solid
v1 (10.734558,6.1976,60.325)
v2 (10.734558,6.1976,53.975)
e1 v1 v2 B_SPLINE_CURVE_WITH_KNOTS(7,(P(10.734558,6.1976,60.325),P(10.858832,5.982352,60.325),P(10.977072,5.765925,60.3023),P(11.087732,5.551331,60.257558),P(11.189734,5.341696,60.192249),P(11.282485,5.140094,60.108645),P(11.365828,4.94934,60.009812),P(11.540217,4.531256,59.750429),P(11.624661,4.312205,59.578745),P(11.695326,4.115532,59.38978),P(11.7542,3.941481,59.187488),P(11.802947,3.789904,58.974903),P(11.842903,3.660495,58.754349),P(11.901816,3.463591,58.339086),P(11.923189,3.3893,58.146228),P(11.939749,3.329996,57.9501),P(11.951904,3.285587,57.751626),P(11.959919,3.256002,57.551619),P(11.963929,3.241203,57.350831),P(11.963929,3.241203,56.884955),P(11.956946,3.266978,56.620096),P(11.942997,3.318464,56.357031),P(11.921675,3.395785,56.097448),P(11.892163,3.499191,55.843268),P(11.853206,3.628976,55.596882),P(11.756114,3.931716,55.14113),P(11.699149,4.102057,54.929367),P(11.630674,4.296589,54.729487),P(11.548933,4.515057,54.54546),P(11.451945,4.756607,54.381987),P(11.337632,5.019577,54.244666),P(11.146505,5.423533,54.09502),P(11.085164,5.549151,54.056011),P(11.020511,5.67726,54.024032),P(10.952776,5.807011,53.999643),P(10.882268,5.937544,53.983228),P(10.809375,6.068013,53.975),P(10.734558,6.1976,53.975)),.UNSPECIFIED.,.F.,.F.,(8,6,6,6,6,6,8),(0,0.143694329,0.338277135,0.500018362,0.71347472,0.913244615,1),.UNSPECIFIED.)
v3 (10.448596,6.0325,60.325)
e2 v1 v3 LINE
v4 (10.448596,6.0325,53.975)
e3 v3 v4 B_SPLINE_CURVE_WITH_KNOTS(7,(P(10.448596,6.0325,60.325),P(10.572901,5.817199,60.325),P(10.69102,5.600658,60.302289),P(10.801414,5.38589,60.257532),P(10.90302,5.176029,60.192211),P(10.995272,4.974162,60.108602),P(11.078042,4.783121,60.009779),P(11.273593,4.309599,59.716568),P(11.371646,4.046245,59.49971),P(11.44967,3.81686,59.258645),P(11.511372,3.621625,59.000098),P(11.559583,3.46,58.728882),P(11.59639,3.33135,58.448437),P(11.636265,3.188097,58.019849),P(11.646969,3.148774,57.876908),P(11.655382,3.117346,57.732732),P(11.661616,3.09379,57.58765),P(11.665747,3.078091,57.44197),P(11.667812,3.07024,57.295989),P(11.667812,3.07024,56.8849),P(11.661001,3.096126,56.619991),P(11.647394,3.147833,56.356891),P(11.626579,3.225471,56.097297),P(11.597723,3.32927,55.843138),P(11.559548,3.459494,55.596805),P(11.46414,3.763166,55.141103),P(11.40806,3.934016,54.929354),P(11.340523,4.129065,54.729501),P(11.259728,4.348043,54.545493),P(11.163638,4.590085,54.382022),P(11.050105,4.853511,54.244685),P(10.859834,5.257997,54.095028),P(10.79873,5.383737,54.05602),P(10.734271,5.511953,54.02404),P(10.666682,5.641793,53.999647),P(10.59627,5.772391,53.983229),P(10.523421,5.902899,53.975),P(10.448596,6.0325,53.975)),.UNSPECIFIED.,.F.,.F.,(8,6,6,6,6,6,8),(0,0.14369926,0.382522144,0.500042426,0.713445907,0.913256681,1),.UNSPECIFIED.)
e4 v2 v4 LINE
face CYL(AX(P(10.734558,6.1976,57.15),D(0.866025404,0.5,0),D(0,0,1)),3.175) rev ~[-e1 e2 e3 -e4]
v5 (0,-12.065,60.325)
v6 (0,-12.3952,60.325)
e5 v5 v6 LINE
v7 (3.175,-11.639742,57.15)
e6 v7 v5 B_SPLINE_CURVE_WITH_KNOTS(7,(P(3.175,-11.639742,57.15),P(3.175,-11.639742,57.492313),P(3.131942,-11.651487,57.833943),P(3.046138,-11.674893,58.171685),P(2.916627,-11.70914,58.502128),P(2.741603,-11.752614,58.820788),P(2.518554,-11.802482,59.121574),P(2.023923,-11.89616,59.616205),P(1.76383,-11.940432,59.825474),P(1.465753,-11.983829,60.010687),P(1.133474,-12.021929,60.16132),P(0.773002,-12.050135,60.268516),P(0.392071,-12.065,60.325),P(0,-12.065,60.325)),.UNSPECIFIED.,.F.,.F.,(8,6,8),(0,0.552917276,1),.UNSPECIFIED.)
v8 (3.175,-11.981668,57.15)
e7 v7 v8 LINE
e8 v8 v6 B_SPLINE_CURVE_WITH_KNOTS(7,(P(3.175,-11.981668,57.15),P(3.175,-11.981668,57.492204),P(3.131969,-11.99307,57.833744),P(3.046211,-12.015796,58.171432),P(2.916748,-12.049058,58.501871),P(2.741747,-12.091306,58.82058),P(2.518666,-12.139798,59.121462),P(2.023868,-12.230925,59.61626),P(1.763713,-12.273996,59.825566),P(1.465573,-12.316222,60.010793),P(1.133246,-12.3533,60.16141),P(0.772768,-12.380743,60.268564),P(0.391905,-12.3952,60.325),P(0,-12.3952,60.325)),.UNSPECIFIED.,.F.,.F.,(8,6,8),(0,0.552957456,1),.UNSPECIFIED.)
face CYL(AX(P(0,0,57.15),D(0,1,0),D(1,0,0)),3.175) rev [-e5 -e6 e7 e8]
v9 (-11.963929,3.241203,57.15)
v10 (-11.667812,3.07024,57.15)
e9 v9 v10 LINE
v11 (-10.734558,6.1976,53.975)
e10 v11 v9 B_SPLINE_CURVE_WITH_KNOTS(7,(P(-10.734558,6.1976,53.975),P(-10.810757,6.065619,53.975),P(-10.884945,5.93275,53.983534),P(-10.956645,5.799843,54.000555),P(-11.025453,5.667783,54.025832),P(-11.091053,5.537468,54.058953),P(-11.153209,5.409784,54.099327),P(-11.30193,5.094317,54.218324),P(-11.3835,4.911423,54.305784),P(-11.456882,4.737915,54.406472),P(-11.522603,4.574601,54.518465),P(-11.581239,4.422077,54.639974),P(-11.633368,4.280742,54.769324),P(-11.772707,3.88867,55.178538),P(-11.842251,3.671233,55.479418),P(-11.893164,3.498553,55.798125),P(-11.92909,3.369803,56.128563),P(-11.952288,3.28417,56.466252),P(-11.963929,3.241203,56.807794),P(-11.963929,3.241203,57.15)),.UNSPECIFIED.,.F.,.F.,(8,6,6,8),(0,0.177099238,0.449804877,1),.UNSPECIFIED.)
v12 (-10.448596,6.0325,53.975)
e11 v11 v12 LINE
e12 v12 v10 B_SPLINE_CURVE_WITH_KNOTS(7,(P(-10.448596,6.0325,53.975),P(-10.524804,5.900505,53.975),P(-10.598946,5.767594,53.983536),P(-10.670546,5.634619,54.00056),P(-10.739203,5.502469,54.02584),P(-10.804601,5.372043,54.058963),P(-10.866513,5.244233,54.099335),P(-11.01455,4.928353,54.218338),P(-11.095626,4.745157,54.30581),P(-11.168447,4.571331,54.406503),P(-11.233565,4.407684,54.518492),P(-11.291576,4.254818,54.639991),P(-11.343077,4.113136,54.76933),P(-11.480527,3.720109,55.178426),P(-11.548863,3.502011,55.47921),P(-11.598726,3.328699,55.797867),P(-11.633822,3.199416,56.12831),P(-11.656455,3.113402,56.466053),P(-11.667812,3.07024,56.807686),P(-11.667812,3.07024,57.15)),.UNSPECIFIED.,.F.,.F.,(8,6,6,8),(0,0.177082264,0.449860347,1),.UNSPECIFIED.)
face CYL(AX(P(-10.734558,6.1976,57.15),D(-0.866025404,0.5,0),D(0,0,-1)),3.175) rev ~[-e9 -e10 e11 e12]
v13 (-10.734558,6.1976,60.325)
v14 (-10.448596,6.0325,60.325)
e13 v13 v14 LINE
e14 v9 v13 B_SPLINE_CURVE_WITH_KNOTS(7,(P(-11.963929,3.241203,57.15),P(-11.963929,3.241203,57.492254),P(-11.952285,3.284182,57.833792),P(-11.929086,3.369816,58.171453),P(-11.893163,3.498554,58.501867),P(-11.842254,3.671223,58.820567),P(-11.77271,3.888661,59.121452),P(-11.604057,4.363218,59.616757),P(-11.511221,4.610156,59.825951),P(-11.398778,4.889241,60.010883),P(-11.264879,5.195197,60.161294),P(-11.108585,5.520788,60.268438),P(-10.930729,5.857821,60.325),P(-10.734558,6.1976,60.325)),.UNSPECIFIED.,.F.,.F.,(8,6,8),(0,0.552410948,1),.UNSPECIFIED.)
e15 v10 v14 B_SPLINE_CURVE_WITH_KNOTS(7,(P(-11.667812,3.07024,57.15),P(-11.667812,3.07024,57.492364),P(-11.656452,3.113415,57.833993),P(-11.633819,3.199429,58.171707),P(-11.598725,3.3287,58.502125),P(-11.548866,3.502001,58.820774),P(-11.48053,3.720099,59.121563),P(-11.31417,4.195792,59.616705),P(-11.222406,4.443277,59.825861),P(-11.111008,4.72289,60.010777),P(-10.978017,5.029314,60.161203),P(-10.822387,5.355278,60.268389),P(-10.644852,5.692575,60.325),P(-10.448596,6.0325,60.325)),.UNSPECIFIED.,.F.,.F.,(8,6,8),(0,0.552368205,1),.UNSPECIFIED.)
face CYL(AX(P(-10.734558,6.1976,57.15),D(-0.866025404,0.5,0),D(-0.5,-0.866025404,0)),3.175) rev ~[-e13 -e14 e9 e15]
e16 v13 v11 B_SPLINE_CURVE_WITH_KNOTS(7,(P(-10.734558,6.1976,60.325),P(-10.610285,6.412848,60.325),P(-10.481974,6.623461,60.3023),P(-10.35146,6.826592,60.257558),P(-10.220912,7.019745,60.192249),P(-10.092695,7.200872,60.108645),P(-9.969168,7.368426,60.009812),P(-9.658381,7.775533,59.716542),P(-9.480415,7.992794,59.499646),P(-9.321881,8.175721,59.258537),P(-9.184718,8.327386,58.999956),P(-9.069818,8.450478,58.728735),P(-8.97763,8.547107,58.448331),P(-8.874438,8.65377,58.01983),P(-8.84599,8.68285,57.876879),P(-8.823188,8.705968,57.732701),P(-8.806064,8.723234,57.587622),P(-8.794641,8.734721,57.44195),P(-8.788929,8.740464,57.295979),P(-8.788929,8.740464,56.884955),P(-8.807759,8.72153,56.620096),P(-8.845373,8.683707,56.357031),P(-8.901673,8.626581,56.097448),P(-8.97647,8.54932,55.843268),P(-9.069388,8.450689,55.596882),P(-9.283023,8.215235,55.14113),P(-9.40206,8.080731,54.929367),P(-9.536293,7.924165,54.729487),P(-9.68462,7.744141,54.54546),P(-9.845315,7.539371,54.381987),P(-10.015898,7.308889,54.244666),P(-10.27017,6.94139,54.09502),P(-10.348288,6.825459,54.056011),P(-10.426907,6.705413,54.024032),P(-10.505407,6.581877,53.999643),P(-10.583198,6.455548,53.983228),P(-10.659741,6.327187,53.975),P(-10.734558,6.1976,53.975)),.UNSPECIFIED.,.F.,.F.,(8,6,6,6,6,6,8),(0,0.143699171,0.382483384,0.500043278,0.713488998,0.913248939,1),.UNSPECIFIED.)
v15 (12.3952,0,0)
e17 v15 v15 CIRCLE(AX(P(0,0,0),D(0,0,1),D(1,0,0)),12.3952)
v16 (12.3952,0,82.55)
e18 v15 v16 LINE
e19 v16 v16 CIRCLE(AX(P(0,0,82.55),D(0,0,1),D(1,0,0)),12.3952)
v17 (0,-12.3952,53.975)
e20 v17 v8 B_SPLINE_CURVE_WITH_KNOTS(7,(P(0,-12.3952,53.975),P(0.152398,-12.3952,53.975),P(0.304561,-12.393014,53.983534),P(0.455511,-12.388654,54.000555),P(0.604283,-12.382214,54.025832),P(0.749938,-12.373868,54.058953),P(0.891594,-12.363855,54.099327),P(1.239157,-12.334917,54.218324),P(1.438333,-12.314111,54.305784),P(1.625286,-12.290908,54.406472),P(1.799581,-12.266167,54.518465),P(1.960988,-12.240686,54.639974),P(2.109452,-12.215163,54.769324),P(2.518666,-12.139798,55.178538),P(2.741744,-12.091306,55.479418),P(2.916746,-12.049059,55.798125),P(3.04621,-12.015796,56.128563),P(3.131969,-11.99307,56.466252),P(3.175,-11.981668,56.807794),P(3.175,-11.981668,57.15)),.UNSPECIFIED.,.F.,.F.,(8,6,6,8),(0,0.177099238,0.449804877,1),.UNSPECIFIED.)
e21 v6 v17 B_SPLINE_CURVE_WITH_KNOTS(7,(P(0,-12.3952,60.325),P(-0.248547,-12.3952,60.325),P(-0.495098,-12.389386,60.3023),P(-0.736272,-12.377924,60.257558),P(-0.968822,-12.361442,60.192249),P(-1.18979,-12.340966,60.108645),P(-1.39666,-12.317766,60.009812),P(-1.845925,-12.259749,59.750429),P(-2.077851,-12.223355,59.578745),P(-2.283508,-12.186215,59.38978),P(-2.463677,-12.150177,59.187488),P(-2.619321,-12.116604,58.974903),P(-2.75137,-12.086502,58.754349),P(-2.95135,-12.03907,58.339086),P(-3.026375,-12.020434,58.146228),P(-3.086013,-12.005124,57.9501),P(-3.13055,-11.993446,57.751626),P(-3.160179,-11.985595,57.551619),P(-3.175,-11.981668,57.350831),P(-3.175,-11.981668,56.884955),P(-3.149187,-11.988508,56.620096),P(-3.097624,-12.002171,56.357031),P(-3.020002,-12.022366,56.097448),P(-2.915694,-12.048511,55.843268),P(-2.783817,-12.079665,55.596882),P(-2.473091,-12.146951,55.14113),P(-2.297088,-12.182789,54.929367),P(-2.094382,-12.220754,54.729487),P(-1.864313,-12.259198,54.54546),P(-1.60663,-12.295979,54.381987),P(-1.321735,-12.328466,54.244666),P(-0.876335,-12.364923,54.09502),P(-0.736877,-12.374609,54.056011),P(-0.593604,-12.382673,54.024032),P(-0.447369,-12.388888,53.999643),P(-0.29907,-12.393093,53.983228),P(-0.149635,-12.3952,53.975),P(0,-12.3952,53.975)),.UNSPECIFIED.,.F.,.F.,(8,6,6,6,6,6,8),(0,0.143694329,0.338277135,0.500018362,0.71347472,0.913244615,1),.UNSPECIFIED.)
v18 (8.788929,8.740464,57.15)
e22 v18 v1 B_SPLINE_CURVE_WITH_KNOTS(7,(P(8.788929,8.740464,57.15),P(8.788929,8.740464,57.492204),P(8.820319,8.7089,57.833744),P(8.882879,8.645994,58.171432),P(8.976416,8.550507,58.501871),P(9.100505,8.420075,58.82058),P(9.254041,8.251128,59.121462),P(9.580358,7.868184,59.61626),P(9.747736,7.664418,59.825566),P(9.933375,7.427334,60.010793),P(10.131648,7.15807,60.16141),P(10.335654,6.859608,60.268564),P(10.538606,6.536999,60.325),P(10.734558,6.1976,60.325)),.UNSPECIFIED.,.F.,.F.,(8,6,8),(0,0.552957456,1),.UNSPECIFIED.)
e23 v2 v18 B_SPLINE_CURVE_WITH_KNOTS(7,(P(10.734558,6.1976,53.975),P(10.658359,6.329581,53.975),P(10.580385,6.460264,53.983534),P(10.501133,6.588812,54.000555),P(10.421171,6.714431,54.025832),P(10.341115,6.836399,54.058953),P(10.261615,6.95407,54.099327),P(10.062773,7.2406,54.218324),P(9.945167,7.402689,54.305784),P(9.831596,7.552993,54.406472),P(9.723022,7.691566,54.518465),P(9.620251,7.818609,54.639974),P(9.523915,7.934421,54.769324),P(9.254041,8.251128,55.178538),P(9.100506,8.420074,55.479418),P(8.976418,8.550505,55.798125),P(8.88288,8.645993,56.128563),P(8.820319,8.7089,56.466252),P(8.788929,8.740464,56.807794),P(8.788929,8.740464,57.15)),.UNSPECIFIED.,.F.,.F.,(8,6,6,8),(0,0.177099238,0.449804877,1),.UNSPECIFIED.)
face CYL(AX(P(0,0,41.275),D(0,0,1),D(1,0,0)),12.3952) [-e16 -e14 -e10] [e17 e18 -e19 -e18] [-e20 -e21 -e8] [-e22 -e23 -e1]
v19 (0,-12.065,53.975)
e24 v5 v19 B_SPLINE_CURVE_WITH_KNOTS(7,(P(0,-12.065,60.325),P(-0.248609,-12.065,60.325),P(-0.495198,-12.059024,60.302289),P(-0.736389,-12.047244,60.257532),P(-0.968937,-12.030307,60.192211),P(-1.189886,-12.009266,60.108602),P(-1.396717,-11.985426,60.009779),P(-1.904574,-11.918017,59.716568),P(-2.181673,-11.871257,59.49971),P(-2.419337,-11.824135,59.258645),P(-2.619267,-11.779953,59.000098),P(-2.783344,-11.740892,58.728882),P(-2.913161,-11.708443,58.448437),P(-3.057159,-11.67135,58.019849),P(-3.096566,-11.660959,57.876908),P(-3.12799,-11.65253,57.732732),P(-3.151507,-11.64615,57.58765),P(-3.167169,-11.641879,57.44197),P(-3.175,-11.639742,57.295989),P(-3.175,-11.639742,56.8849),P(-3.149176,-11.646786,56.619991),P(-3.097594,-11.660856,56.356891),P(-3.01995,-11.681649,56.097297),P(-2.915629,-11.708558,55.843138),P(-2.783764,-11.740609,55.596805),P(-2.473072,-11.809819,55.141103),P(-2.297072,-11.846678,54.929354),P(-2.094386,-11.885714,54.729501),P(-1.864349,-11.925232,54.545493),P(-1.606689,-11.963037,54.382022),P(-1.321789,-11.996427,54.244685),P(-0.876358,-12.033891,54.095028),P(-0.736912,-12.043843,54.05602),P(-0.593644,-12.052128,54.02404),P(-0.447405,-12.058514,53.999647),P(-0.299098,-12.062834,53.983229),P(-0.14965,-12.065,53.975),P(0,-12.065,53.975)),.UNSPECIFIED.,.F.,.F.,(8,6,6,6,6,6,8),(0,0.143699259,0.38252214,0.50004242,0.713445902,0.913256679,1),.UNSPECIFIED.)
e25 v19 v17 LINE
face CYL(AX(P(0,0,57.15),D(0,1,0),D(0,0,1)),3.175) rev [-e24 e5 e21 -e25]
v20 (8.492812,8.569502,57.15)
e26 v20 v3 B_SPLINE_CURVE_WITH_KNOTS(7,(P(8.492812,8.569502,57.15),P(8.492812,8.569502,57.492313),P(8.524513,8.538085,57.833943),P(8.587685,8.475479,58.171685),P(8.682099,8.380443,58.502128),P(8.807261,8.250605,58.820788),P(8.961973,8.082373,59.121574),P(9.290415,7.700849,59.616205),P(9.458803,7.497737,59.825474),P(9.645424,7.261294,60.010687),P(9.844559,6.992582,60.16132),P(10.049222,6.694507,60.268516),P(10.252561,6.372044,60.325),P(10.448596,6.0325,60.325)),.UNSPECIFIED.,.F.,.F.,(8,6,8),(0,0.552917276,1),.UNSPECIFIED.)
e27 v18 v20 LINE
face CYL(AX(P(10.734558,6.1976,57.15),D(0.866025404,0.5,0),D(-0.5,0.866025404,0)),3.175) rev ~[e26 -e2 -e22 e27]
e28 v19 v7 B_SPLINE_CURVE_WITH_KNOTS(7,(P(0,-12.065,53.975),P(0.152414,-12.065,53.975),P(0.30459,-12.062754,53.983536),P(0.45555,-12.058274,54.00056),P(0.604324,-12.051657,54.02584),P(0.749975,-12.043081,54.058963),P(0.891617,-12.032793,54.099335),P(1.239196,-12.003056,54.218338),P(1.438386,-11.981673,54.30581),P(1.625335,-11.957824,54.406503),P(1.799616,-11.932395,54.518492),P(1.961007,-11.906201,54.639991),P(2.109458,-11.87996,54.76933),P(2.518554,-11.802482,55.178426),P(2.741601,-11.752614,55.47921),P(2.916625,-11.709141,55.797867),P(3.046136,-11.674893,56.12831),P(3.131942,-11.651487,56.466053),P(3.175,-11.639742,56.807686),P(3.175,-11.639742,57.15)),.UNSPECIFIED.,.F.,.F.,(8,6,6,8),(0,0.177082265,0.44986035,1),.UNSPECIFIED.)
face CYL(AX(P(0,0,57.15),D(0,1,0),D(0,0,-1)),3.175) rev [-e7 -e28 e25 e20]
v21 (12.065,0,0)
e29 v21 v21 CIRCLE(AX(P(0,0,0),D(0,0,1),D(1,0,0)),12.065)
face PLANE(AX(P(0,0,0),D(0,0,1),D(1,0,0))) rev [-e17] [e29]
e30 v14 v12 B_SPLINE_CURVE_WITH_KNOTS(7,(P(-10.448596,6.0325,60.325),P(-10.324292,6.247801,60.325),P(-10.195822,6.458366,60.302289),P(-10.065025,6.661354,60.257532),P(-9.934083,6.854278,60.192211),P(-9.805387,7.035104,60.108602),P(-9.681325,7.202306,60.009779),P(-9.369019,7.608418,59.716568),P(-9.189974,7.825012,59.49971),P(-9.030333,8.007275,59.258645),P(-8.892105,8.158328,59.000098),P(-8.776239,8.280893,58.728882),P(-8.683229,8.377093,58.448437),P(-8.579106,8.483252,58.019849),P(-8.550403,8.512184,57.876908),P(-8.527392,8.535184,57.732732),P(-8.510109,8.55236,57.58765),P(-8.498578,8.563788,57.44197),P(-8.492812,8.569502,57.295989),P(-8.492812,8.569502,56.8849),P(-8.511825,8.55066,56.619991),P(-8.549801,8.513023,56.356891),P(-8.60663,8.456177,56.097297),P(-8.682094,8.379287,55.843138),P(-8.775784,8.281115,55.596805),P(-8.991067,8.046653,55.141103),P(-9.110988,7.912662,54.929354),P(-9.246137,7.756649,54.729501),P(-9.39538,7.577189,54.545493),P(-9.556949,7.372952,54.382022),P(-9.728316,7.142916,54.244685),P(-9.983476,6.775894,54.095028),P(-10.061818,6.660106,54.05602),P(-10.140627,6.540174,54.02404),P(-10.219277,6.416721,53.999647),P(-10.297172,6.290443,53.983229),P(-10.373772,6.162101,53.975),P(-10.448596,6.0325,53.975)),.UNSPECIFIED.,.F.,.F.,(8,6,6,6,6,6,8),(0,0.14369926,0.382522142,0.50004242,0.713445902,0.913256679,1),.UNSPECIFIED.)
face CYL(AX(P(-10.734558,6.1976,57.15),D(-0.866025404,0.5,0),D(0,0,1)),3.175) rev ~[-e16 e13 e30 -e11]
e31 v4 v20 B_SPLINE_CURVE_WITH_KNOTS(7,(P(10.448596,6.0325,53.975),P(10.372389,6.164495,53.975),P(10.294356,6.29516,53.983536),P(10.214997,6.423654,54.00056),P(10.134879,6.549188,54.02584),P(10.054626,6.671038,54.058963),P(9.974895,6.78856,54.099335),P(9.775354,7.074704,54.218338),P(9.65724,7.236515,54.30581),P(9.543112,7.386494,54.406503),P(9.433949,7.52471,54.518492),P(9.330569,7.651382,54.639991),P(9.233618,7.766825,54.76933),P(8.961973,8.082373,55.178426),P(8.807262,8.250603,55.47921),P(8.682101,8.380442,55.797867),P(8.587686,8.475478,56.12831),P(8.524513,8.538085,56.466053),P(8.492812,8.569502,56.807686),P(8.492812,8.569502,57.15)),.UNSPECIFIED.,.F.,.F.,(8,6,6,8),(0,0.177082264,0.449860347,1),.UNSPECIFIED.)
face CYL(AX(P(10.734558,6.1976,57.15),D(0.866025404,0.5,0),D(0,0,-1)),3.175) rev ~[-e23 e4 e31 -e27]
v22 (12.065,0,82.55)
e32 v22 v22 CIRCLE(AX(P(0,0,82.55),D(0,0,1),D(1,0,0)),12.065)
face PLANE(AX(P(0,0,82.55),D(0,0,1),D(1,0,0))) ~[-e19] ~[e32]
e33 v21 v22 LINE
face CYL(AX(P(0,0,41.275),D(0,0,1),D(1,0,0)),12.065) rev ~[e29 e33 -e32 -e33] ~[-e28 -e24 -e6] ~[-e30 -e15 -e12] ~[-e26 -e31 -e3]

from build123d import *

# Parameters (mm, degrees)
F0_W      = 0.3302
F0_H      = 82.55
F3_DEPTH  = 12.3962
F7_DEPTH  = 1.7554578348
F10_DEPTH = 1.7554578348


with BuildPart() as f1:
    # F0 (on Front) → F1 (revolve)
    with BuildSketch(Plane.XZ):
        with Locations((12.2301, 41.275)):
            Rectangle(F0_W, F0_H)
    revolve(axis=Axis((0, 0, 41.275), (0, 0, 1)))

    # F2 (on Front) → F3 (cut, through all)
    with BuildSketch(Plane.XZ):
        with BuildLine():
            ThreePointArc((0, 60.325), (-3.175, 57.15), (0, 53.975))
            Line((0, 53.975), (0, 60.325))
        make_face()
        with BuildLine():
            Line((0, 60.325), (0, 53.975))
            ThreePointArc((0, 53.975), (2.2450640303, 54.9049359697), (3.175, 57.15))
            ThreePointArc((3.175, 57.15), (2.2450640303, 59.3950640303), (0, 60.325))
        make_face()
    extrude(amount=F3_DEPTH, mode=Mode.SUBTRACT)

    # F6 (on line) → F7 (cut, up to face)
    with BuildSketch(Plane(origin=(10.734558085, 6.1976, 0), x_dir=(-0.5, 0.8660254038, 0), z_dir=(0.8660254038, 0.5, 0))):
        with BuildLine():
            ThreePointArc((0, 60.325), (-3.175, 57.15), (0, 53.975))
            Line((0, 53.975), (0, 60.325))
        make_face()
        with BuildLine():
            Line((0, 60.325), (0, 53.975))
            ThreePointArc((0, 53.975), (2.2450640303, 54.9049359697), (3.175, 57.15))
            ThreePointArc((3.175, 57.15), (2.2450640303, 59.3950640303), (0, 60.325))
        make_face()
    extrude(amount=-F7_DEPTH, mode=Mode.SUBTRACT)

    # F9 (on line) → F10 (cut, up to face)
    with BuildSketch(Plane(origin=(-10.734558085, 6.1976, 0), x_dir=(-0.5, -0.8660254038, 0), z_dir=(-0.8660254038, 0.5, 0))):
        with BuildLine():
            ThreePointArc((0, 60.325), (-3.175, 57.15), (0, 53.975))
            Line((0, 53.975), (0, 60.325))
        make_face()
        with BuildLine():
            Line((0, 60.325), (0, 53.975))
            ThreePointArc((0, 53.975), (2.2450640303, 54.9049359697), (3.175, 57.15))
            ThreePointArc((3.175, 57.15), (2.2450640303, 59.3950640303), (0, 60.325))
        make_face()
    extrude(amount=-F10_DEPTH, mode=Mode.SUBTRACT)


solid = f1.part
